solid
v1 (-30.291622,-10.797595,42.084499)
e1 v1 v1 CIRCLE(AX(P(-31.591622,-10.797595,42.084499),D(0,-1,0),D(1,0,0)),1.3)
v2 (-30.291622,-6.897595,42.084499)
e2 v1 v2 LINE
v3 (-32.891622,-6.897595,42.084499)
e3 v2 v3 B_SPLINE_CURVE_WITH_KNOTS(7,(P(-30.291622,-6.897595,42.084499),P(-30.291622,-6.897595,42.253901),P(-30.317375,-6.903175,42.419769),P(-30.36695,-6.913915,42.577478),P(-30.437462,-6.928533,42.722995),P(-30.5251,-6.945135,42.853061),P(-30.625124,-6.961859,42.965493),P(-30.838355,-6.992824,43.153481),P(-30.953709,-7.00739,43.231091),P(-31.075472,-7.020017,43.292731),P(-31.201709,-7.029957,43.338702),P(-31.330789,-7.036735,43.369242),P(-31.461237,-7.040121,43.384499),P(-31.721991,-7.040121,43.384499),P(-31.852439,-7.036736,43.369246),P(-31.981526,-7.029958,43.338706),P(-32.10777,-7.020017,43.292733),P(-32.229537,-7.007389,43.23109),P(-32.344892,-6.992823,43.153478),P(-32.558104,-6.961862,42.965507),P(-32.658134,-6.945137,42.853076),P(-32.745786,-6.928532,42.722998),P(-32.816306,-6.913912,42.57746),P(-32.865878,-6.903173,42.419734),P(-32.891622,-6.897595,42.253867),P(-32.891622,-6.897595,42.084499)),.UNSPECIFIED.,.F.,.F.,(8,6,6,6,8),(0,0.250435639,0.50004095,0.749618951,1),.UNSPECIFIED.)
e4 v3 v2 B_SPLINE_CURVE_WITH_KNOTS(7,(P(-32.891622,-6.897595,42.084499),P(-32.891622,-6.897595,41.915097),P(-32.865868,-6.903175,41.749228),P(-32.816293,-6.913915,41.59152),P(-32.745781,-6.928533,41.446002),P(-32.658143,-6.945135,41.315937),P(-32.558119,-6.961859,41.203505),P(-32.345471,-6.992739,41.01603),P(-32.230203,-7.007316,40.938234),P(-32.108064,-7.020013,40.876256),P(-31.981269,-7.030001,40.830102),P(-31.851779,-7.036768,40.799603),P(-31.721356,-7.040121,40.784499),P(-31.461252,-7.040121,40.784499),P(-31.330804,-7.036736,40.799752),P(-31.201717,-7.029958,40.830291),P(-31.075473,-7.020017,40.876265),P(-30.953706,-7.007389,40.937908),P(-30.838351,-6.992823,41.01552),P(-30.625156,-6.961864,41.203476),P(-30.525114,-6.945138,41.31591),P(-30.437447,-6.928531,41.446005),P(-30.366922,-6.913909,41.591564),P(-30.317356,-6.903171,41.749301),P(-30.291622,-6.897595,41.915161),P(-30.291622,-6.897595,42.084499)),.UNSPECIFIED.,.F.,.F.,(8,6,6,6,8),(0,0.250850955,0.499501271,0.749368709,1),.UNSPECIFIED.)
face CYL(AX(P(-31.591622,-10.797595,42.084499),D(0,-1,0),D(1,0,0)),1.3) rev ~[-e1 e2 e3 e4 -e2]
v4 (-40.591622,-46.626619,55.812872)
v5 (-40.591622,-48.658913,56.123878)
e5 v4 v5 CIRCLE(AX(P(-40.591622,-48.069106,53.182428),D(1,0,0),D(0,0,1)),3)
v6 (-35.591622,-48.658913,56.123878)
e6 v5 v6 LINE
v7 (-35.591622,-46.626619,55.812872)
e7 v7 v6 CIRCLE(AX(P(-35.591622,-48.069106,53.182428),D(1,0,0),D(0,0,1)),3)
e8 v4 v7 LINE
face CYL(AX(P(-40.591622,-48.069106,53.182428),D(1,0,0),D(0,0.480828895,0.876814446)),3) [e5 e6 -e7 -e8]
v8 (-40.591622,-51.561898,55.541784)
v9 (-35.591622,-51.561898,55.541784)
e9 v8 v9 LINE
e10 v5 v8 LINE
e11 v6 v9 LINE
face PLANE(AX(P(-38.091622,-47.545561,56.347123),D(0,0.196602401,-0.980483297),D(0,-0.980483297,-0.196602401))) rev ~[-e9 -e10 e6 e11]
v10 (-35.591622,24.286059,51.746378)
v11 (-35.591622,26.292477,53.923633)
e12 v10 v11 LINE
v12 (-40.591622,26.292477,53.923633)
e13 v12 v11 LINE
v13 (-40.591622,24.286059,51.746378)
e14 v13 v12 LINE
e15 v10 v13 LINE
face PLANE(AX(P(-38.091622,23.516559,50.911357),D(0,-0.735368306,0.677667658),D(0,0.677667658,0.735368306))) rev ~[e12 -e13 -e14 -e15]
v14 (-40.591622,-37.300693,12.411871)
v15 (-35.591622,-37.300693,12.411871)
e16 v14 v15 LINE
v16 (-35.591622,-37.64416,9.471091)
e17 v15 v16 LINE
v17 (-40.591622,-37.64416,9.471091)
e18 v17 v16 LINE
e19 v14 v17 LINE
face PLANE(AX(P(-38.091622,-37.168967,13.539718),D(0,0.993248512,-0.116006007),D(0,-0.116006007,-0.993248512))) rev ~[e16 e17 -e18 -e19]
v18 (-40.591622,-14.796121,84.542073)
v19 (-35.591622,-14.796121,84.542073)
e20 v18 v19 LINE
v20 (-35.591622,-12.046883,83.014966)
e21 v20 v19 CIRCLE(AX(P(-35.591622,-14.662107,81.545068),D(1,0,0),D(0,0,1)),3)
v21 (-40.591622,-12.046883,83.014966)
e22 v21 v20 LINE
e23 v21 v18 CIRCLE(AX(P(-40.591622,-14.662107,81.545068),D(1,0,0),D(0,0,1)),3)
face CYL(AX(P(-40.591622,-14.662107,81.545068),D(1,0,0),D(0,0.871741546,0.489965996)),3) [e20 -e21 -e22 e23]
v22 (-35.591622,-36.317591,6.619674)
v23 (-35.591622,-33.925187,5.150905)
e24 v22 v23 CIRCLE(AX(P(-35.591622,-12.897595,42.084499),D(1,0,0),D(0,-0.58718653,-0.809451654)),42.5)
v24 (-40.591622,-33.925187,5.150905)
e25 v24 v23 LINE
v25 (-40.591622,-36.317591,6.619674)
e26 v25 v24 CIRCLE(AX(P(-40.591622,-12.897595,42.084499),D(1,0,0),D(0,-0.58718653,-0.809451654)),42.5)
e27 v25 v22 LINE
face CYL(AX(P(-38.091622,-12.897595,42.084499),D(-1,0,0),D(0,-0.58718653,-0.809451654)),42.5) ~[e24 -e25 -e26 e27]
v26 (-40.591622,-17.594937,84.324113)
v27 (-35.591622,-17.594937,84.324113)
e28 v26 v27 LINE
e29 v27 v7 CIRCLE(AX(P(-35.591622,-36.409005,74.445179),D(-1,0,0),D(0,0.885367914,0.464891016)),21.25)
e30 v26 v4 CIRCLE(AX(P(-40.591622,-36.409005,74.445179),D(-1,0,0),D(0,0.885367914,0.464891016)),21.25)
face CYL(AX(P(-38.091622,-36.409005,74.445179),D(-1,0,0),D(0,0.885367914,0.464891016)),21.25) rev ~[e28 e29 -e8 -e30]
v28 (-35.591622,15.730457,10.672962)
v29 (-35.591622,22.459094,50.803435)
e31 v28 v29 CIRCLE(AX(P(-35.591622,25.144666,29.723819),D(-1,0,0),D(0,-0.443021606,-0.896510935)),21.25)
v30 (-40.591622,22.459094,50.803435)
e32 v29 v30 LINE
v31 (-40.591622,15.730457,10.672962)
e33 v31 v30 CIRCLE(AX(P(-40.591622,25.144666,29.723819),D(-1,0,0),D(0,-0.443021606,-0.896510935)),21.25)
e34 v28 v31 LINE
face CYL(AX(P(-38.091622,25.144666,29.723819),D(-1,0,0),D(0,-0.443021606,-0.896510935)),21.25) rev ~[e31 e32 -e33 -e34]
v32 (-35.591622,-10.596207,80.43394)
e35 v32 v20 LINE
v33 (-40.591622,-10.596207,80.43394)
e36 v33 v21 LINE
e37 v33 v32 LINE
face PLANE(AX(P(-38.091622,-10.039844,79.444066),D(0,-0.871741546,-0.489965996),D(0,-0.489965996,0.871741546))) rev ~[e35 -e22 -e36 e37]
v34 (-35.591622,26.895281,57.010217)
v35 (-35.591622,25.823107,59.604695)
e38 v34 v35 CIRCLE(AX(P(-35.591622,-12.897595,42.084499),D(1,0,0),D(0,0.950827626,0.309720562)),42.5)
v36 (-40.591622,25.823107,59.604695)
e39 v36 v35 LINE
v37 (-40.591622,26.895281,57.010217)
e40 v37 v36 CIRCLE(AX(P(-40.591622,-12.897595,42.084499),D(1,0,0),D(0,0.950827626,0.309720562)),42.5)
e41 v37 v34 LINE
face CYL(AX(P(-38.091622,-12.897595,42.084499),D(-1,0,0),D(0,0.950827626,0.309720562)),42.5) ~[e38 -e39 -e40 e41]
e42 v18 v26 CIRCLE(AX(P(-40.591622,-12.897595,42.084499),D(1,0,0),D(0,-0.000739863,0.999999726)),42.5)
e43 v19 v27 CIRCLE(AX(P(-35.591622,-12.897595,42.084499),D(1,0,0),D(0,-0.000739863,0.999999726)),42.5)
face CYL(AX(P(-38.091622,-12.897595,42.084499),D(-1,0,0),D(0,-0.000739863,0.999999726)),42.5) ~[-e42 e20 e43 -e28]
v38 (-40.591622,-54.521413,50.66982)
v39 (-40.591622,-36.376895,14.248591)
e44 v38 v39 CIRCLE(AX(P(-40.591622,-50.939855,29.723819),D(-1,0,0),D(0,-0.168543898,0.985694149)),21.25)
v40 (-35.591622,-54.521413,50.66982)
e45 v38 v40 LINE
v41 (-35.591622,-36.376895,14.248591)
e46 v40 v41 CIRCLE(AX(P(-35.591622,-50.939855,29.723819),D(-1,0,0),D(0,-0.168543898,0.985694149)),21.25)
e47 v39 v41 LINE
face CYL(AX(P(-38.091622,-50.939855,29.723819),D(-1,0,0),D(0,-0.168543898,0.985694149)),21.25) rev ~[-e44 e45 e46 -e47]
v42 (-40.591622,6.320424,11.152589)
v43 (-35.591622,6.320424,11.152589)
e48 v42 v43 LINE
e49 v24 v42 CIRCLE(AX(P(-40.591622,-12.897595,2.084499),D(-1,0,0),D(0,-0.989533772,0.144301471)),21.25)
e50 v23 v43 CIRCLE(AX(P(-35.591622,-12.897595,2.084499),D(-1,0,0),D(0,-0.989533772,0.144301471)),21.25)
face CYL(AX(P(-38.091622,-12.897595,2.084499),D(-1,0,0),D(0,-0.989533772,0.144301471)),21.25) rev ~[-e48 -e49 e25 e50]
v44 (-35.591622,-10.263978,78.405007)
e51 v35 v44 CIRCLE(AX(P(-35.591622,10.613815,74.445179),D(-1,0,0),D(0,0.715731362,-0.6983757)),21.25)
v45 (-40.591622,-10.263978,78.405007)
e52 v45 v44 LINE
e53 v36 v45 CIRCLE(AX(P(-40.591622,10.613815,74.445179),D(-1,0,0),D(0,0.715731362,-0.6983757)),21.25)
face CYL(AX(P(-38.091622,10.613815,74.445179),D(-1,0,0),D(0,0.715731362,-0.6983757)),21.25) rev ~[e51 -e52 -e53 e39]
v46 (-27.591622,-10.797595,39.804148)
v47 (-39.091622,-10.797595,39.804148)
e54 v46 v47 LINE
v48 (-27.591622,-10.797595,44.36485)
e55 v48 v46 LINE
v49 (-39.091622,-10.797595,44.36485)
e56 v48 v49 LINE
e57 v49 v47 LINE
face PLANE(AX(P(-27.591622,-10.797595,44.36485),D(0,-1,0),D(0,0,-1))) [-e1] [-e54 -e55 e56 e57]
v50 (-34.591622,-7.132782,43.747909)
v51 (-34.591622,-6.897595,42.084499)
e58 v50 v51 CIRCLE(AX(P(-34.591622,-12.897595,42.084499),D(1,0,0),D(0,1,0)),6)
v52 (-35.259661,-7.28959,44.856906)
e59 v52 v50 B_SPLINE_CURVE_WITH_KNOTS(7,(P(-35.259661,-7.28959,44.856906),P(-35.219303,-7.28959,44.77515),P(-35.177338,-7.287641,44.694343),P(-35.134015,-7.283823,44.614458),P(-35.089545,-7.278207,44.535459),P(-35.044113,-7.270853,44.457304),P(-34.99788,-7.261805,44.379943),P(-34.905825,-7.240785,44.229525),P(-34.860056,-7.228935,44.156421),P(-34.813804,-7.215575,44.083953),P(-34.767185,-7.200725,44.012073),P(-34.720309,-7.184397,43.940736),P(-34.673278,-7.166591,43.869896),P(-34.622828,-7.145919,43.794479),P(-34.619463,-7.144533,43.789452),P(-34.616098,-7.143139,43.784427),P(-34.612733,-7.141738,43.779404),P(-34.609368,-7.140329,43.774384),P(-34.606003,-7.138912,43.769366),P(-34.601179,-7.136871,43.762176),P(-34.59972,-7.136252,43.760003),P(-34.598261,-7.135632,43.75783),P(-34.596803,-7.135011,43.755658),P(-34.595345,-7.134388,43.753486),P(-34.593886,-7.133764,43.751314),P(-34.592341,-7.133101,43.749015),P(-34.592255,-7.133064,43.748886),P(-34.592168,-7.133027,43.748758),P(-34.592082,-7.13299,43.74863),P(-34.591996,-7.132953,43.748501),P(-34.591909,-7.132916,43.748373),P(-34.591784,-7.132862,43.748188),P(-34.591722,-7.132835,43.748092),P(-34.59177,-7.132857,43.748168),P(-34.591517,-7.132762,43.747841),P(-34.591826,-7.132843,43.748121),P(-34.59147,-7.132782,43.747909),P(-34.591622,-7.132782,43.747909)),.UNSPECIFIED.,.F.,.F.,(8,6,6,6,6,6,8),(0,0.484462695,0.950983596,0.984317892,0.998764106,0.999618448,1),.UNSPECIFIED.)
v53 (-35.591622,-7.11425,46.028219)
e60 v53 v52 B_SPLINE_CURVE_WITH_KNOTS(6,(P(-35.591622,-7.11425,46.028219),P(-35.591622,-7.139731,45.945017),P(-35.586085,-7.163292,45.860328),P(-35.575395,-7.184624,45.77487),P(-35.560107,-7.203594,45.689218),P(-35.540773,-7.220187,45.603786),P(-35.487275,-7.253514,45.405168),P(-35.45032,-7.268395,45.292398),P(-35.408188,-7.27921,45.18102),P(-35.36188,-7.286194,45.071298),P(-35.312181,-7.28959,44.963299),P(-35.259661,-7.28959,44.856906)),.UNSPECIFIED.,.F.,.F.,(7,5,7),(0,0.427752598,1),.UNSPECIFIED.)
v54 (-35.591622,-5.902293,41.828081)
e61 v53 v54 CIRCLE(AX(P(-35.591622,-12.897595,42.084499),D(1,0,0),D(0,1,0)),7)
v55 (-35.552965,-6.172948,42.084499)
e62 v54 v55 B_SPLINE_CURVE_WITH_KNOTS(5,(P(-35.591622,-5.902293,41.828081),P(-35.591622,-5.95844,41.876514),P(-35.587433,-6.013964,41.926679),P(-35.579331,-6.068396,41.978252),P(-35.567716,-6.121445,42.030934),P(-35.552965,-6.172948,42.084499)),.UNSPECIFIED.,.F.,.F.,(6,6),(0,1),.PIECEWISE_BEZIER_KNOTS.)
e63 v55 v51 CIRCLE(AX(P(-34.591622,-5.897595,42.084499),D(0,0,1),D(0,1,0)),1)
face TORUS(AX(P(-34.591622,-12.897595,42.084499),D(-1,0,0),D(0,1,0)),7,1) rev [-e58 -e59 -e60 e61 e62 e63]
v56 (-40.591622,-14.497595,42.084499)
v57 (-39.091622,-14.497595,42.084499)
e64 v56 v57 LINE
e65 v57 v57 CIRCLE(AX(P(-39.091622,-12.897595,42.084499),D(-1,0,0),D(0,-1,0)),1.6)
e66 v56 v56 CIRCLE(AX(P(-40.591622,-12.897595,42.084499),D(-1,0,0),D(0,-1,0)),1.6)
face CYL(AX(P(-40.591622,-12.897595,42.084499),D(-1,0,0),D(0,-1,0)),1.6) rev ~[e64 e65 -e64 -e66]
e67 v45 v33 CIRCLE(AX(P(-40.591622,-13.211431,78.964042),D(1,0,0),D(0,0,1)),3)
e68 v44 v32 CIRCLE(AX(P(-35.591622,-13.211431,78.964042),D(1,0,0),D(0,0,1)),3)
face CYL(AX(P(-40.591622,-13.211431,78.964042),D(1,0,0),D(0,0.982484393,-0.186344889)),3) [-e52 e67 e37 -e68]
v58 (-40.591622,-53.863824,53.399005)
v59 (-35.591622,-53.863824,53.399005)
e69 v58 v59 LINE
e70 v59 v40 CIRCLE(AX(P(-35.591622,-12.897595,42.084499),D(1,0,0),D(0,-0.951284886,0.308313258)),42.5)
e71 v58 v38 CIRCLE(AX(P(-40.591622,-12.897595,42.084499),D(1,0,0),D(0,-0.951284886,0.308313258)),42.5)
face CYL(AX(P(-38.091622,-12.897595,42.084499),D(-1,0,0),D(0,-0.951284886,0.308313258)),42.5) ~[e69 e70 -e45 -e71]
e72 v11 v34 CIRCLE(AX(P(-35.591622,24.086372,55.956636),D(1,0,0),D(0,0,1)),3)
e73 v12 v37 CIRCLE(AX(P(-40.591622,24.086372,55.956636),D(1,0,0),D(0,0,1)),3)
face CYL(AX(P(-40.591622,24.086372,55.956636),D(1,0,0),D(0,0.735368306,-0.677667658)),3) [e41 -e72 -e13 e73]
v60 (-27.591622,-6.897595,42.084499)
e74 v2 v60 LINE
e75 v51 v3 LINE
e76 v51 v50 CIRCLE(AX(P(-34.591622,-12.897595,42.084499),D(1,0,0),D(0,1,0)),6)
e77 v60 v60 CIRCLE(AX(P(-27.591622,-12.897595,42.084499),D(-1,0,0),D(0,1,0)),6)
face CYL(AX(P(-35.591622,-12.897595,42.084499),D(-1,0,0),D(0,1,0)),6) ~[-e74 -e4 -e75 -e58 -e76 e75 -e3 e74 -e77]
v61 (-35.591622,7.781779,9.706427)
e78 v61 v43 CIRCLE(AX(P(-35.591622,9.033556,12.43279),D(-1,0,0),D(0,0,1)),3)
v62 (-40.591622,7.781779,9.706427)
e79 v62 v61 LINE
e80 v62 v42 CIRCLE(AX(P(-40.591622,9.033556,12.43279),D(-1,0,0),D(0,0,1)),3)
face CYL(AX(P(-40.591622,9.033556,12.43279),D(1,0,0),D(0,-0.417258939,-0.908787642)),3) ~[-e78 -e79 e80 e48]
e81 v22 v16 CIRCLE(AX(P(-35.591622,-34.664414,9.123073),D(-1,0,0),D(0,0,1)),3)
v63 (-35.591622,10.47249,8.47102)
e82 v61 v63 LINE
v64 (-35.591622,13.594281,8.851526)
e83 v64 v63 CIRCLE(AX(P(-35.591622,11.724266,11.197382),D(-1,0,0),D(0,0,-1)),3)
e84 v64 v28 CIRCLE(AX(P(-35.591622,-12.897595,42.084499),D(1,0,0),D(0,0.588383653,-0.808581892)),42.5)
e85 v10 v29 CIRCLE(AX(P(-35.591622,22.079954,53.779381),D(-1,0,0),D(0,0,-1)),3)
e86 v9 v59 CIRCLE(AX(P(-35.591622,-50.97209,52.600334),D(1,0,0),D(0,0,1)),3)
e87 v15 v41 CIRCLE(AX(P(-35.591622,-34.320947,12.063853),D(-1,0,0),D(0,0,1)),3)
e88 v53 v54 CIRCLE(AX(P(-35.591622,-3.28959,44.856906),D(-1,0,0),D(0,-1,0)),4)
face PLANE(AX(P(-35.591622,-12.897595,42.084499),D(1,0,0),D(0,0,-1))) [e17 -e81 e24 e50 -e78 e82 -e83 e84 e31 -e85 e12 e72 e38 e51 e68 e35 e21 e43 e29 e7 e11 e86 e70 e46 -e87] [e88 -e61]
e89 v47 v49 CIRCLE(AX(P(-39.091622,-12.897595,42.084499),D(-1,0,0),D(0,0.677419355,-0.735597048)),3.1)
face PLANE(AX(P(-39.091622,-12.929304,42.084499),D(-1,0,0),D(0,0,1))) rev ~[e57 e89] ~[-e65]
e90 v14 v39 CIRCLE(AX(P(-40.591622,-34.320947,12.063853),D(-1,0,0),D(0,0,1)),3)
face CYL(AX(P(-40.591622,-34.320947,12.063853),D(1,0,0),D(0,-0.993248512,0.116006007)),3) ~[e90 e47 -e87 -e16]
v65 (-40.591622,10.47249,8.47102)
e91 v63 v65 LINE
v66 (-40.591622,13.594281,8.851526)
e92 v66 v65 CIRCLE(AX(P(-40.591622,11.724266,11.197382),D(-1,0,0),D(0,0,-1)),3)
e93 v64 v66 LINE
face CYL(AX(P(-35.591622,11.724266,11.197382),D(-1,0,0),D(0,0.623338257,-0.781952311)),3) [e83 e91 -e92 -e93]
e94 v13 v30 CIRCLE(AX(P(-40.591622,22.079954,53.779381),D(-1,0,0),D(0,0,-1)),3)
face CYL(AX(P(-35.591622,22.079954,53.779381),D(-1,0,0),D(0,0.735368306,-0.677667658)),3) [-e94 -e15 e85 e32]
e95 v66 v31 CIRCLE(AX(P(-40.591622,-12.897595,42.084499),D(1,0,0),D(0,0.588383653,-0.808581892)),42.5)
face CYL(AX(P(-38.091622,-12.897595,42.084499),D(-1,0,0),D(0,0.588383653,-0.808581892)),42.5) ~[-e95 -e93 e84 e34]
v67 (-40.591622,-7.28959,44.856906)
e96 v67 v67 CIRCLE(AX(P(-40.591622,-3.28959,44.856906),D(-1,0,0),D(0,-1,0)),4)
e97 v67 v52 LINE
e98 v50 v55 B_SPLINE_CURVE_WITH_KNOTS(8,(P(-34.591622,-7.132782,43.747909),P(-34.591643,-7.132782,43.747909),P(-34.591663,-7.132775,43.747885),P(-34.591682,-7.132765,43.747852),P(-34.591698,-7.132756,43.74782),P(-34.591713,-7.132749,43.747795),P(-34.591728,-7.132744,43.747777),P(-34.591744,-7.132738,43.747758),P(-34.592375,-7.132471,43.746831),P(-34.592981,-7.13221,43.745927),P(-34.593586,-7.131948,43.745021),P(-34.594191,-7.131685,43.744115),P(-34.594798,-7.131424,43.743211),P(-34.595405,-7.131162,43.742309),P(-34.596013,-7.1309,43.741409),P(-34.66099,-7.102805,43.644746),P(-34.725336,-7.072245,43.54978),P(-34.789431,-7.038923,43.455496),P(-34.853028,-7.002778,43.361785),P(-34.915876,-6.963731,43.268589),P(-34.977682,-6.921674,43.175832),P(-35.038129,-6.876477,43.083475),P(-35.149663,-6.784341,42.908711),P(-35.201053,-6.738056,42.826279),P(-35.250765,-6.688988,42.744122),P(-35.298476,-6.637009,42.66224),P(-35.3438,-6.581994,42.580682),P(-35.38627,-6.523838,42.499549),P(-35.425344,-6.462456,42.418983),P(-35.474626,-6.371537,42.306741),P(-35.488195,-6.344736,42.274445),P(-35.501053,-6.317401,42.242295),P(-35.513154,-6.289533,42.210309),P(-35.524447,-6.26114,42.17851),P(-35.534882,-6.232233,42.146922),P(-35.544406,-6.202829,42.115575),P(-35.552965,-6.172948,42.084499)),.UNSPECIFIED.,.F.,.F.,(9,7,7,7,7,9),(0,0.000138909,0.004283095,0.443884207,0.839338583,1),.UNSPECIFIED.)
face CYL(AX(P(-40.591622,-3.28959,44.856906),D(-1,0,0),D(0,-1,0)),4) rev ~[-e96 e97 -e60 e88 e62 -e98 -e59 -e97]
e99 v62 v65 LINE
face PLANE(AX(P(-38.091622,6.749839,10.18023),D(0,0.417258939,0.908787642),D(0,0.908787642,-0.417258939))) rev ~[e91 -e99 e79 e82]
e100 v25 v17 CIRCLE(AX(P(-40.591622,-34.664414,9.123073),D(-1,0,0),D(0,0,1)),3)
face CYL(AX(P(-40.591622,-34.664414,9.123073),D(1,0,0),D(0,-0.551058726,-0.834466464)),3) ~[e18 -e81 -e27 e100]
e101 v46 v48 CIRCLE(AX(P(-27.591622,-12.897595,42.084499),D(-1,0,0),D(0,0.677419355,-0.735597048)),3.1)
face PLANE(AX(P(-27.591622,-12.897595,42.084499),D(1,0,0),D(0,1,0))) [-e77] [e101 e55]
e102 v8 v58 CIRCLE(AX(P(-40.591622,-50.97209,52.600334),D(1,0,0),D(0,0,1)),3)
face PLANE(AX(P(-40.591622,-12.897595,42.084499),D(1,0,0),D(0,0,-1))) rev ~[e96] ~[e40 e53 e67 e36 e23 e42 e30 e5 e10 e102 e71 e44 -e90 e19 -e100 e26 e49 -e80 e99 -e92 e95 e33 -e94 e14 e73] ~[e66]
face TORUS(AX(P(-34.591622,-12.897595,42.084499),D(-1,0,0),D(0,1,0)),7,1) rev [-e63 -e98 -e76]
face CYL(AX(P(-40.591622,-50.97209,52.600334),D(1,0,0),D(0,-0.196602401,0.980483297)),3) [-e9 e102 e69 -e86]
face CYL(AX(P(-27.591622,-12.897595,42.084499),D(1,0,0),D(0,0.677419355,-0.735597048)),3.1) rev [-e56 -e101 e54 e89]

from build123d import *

# Parameters (mm, degrees)
EXTRUDE_2_DEPTH     = 2.5
SKETCH_4_R          = 6
EXTRUDE_3_DEPTH     = 8
CUT_EXTRUDE_5_DEPTH = 11.5
SKETCH_14_R         = 1.6
CUT_EXTRUDE_6_DEPTH = 12
SKETCH_15_R         = 1.3
CUT_EXTRUDE_7_DEPTH = 11
FILLET_7_R          = 1
FILLET1_R           = 3
SKETCH1_R           = 4
CUT_EXTRUDE2_DEPTH  = 50


with BuildPart() as part:
    # 草图2 → 凸台-拉伸2 (new, symmetric)
    with BuildSketch(Plane.ZY.offset(38.091621509)):
        with BuildLine():
            Line((55.24762265, 27.512579341), (50.911357014, 23.516558631))
            ThreePointArc((50.911357014, 23.516558631), (33.760797652, 4.281653093), (10.672961639, 15.730456776))
            ThreePointArc((10.672961639, 15.730456776), (9.146547949, 13.960204765), (7.719768364, 12.108710517))
            Line((7.719768364, 12.108710517), (10.180230126, 6.749838518))
            ThreePointArc((10.180230126, 6.749838518), (23.173898072, -15.505225418), (5.150905034, -33.925187402))
            ThreePointArc((5.150905034, -33.925187402), (6.362826974, -35.923931044), (7.682803504, -37.853022253))
            Line((7.682803504, -37.853022253), (13.539718137, -37.16896658))
            ThreePointArc((13.539718137, -37.16896658), (38.720805929, -31.688446976), (50.669819665, -54.521413236))
            ThreePointArc((50.669819665, -54.521413236), (52.945242306, -53.986452731), (55.187812251, -53.327202418))
            Line((55.187812251, -53.327202418), (56.347122801, -47.545560763))
            ThreePointArc((56.347122801, -47.545560763), (58.916222984, -21.903349436), (84.324112643, -17.594936665))
            ThreePointArc((84.324112643, -17.594936665), (84.518479234, -15.265569248), (84.584487152, -12.929038938))
            Line((84.584487152, -12.929038938), (79.444065843, -10.039843558))
            ThreePointArc((79.444065843, -10.039843558), (55.850769285, 0.327394986), (59.60469494, 25.823106776))
            ThreePointArc((59.60469494, 25.823106776), (57.449397458, 26.727774506), (55.24762265, 27.512579341))
        make_face()
    extrude(amount=EXTRUDE_2_DEPTH, both=True)

    # 草图4 → 凸台-拉伸3 (add)
    with BuildSketch(Plane(origin=(-35.591621509, 0, 0), x_dir=(0, 0, -1), z_dir=(1, 0, 0))):
        with Locations((-42.084498784, -12.89759475)):
            Circle(SKETCH_4_R)
    extrude(amount=EXTRUDE_3_DEPTH)

    # 草图13 → 切除-拉伸5 (cut)
    with BuildSketch(Plane(origin=(-27.591621509, 0, 0), x_dir=(0, 0, -1), z_dir=(1, 0, 0))):
        with BuildLine():
            Line((-44.364849634, -10.79759475), (-39.804147934, -10.79759475))
            ThreePointArc((-39.804147934, -10.79759475), (-42.084498784, -15.99759475), (-44.364849634, -10.79759475))
        make_face()
    extrude(amount=-CUT_EXTRUDE_5_DEPTH, mode=Mode.SUBTRACT)

    # 草图14 → 切除-拉伸6 (cut)
    with BuildSketch(Plane.ZY.offset(40.591621509)):
        with Locations((42.084498784, -12.89759475)):
            Circle(SKETCH_14_R)
    extrude(amount=-CUT_EXTRUDE_6_DEPTH, mode=Mode.SUBTRACT)

    # 草图15 → 切除-拉伸7 (cut)
    with BuildSketch(Plane.XZ.offset(10.79759475)):
        with Locations((-31.591621509, 42.084498784)):
            Circle(SKETCH_15_R)
    extrude(amount=-CUT_EXTRUDE_7_DEPTH, mode=Mode.SUBTRACT)

    # 圆角7
    fillet_7_edges = [part.edges().sort_by_distance(p)[0] for p in [
        (-35.591621509, -12.89759475, 48.084498784),
    ]]
    fillet(fillet_7_edges, radius=FILLET_7_R)

    # Fillet1
    fillet1_edges = [part.edges().sort_by_distance(p)[0] for p in [
        (-38.091621509, -47.545560763, 56.347122801),
        (-38.091621509, -53.327202418, 55.187812251),
        (-38.091621509, -37.853022253, 7.682803504),
        (-38.091621509, -37.16896658, 13.539718137),
        (-38.091621509, 6.749838518, 10.180230126),
        (-38.091621509, 12.108710517, 7.719768364),
        (-38.091621509, -12.929038938, 84.584487152),
        (-38.091621509, -10.039843558, 79.444065843),
        (-38.091621509, 27.512579341, 55.24762265),
        (-38.091621509, 23.516558631, 50.911357014),
    ]]
    fillet(fillet1_edges, radius=FILLET1_R)

    # Sketch1 → Cut-Extrude2 (cut)
    with BuildSketch(Plane.ZY.offset(40.591621509)):
        with Locations((44.856906438, -3.289589973)):
            Circle(SKETCH1_R)
    extrude(amount=-CUT_EXTRUDE2_DEPTH, mode=Mode.SUBTRACT)


solid = part.part
